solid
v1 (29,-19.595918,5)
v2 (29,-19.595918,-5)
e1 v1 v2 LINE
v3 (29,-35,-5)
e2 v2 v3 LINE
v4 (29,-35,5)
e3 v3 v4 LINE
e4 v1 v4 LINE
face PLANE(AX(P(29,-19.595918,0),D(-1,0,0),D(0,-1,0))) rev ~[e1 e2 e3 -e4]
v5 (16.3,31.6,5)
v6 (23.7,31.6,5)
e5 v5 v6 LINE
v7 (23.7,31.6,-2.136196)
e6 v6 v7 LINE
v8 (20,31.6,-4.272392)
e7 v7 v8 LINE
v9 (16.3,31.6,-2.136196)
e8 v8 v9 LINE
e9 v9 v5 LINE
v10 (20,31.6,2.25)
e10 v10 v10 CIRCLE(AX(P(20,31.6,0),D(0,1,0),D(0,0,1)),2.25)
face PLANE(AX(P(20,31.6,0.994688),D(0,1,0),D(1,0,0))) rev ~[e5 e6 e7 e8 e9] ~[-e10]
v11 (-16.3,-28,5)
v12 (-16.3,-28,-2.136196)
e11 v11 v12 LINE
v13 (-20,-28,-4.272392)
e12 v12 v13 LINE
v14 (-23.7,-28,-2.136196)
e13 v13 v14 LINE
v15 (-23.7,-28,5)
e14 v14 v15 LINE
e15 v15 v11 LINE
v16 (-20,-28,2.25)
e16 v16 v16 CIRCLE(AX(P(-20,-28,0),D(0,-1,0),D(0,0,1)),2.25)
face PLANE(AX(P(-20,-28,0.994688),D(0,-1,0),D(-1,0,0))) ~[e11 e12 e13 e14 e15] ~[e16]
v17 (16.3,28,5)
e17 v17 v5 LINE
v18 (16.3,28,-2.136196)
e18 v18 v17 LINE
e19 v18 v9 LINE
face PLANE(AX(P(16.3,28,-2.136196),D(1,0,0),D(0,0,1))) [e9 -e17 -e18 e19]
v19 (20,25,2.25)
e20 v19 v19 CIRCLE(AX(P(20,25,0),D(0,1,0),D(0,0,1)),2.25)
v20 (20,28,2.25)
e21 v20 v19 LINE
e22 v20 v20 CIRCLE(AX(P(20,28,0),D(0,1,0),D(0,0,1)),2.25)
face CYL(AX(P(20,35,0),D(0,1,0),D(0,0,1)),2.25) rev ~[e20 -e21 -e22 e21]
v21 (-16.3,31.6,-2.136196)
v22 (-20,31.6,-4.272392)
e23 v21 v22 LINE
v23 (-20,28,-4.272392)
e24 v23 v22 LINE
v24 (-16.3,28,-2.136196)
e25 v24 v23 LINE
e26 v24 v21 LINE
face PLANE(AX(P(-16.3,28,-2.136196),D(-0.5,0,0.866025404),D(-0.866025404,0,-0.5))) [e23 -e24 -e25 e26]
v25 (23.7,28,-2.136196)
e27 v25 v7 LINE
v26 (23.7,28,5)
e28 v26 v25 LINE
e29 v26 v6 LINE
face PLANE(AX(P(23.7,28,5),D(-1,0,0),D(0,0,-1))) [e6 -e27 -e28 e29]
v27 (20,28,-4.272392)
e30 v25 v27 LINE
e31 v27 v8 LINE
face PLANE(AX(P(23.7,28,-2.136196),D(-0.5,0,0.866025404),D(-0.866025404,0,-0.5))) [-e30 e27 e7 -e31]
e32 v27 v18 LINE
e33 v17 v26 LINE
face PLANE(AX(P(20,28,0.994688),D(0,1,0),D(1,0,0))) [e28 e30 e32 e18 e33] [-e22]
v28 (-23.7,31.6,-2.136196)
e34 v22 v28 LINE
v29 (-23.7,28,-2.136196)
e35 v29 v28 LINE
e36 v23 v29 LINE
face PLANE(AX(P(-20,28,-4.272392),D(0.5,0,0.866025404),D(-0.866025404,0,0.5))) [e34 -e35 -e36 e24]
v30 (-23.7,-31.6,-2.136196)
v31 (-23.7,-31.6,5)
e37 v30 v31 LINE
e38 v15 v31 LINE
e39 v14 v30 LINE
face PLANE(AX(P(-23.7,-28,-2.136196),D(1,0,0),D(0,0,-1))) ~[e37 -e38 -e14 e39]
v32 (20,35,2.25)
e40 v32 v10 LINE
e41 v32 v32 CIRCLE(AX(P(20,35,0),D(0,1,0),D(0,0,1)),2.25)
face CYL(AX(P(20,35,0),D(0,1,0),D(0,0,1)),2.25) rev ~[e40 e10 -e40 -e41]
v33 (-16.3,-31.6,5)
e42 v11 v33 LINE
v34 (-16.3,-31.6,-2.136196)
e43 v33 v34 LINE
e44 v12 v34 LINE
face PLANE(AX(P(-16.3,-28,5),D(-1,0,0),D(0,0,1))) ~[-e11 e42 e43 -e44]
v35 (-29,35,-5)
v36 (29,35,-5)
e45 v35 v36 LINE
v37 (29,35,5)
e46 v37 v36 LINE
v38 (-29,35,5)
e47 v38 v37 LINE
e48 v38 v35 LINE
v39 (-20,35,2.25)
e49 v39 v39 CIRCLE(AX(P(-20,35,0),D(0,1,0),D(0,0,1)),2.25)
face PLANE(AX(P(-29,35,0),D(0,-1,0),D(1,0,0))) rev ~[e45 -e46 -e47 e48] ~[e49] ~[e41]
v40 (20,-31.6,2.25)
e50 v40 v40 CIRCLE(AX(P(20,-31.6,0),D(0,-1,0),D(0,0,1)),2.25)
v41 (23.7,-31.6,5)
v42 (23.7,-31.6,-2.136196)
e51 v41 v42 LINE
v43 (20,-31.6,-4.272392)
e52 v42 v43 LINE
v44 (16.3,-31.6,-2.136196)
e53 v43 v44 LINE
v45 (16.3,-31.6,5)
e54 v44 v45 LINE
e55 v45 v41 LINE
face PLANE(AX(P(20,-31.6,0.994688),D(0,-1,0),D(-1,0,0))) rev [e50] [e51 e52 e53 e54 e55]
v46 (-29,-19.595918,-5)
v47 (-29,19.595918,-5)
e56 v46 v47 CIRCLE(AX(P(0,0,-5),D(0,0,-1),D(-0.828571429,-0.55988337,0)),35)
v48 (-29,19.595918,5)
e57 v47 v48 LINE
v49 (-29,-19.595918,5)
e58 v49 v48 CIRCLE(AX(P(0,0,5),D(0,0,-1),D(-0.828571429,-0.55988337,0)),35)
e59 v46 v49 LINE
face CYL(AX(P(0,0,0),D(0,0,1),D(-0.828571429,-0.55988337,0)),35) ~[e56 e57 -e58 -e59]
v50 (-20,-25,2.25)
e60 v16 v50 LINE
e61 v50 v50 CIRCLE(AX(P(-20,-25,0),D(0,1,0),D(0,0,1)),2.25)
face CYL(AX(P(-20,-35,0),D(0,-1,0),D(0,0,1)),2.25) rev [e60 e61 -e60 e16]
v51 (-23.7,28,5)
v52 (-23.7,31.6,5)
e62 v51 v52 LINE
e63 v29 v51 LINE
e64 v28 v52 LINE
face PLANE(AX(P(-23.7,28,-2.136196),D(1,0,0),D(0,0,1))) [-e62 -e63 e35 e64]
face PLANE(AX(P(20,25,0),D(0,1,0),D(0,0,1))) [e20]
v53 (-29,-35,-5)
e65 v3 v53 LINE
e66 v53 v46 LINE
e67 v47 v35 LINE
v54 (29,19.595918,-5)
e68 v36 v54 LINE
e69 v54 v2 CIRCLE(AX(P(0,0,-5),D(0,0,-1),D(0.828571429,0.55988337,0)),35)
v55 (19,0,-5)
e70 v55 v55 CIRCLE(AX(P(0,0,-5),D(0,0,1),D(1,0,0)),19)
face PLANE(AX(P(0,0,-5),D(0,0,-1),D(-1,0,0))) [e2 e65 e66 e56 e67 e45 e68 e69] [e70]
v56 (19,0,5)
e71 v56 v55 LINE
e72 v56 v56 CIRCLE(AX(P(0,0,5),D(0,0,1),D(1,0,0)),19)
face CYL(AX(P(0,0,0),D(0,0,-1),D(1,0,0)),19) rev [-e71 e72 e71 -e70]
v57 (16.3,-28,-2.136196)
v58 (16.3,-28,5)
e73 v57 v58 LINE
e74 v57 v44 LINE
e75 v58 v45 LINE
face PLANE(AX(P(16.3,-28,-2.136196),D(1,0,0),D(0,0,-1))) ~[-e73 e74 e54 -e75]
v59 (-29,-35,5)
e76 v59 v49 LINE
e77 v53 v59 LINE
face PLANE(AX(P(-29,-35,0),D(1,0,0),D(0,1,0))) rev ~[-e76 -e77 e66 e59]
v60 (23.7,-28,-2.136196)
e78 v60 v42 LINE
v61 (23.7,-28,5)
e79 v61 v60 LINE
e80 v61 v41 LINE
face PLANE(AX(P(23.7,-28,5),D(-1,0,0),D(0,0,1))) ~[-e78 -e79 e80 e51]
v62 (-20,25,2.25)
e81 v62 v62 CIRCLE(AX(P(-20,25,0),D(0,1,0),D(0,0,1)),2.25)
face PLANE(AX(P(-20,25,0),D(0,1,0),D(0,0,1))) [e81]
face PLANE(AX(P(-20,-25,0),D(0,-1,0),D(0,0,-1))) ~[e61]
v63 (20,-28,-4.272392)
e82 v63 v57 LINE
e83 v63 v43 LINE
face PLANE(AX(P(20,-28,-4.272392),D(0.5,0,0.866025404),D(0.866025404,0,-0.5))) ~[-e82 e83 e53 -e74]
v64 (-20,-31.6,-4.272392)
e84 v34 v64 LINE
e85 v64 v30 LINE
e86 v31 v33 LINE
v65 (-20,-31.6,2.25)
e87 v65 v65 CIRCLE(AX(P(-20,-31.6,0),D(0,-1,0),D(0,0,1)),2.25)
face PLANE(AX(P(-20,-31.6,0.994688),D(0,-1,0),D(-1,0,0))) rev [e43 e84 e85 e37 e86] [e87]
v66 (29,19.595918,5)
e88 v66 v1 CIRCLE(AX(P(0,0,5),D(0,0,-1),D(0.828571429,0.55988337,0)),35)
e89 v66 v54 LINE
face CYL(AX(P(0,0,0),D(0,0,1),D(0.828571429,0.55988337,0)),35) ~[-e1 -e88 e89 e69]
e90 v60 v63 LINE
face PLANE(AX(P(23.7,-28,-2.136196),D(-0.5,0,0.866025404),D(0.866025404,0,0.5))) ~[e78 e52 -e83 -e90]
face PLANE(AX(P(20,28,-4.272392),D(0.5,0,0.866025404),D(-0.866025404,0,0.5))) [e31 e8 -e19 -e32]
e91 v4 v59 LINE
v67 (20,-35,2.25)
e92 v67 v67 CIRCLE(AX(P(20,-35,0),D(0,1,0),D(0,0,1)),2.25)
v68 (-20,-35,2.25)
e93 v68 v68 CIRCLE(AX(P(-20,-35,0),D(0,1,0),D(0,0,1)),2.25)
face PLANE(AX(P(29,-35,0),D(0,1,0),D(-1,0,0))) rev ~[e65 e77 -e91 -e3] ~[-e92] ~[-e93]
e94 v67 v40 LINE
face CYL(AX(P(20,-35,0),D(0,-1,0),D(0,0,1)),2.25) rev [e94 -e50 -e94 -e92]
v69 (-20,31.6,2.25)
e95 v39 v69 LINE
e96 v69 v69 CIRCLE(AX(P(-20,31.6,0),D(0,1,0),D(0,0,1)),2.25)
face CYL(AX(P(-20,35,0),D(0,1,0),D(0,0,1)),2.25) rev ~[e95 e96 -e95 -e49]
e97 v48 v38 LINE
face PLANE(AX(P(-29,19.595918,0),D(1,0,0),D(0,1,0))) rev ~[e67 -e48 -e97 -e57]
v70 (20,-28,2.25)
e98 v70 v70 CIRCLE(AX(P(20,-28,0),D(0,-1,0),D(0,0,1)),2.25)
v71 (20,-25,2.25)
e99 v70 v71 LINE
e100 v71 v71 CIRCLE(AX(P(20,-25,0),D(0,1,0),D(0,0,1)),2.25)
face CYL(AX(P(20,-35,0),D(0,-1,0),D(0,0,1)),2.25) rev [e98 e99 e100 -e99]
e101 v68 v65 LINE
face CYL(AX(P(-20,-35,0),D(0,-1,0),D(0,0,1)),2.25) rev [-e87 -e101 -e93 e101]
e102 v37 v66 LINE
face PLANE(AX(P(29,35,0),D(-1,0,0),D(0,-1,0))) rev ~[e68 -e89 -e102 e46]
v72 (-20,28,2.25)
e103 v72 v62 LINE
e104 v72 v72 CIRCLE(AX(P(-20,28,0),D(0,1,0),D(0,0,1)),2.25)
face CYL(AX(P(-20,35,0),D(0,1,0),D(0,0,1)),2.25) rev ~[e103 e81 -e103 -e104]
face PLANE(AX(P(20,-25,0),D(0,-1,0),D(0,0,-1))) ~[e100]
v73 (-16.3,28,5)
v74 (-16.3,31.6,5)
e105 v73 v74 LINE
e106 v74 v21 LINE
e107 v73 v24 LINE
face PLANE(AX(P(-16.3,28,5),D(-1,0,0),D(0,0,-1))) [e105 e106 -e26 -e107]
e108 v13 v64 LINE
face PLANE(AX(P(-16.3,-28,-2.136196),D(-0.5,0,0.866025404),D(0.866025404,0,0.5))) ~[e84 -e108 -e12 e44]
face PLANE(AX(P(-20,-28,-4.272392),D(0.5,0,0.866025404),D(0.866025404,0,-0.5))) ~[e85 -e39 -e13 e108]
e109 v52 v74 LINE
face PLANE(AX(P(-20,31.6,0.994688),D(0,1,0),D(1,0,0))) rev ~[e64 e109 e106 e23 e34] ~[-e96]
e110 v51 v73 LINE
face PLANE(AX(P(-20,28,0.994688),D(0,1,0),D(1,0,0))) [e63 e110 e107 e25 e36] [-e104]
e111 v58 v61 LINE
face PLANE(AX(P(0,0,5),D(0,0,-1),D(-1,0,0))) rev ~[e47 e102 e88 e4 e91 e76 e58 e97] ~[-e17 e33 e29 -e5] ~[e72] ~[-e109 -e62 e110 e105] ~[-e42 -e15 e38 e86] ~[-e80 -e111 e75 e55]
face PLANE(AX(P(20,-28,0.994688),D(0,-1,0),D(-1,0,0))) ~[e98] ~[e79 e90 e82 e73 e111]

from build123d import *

# Parameters (mm, degrees)
CROQUIS1_R              = 19
SALIENTE_EXTRUIR1_DEPTH = 5
CORTAR_EXTRUIR1_DEPTH   = 3.6
CROQUIS6_R              = 2.25
CORTAR_EXTRUIR2_DEPTH   = 10


with BuildPart() as part:
    # Croquis1 → Saliente-Extruir1 (new, symmetric)
    with BuildSketch(Plane.XY):
        with BuildLine():
            Line((-29, 19.595917942), (-29, 35))
            Line((-29, 35), (29, 35))
            Line((29, 35), (29, 19.595917942))
            ThreePointArc((29, 19.595917942), (35, 0), (29, -19.595917942))
            Line((29, -19.595917942), (29, -35))
            Line((29, -35), (-29, -35))
            Line((-29, -35), (-29, -19.595917942))
            ThreePointArc((-29, -19.595917942), (-35, 0), (-29, 19.595917942))
        make_face()
        Circle(CROQUIS1_R, mode=Mode.SUBTRACT)
    extrude(amount=SALIENTE_EXTRUIR1_DEPTH, both=True)

    # Croquis5 → Cortar-Extruir1 (cut)
    with BuildSketch(Plane(origin=(0, 28, 0), x_dir=(1, 0, 0), z_dir=(0, 1, 0))):
        Polygon((-23.7, -2.136195996), (-23.7, -5), (-16.3, -5), (-16.3, -2.136195996), (-16.3, 2.136195996), (-20, 4.272391992), (-23.7, 2.136195996), align=None)
        Polygon((16.3, 2.136195996), (16.3, -2.136195996), (16.3, -5), (23.7, -5), (23.7, -2.136195996), (23.7, 2.136195996), (20, 4.272391992), align=None)
    cortar_extruir1 = extrude(amount=CORTAR_EXTRUIR1_DEPTH, mode=Mode.SUBTRACT)

    # Croquis6 → Cortar-Extruir2 (cut)
    with BuildSketch(Plane(origin=(0, 35, 0), x_dir=(1, 0, 0), z_dir=(0, 1, 0))):
        with Locations(Location((-20, 0, 0), (0, 0, 270))):
            Circle(CROQUIS6_R)
        with Locations(Location((20, 0, 0), (0, 0, 270))):
            Circle(CROQUIS6_R)
    cortar_extruir2 = extrude(amount=-CORTAR_EXTRUIR2_DEPTH, mode=Mode.SUBTRACT)

    # Simetría1: Cortar-Extruir1, Cortar-Extruir2 across plane
    add(cortar_extruir1.mirror(Plane.ZX), mode=Mode.SUBTRACT)
    add(cortar_extruir2.mirror(Plane.ZX), mode=Mode.SUBTRACT)


solid = part.part
